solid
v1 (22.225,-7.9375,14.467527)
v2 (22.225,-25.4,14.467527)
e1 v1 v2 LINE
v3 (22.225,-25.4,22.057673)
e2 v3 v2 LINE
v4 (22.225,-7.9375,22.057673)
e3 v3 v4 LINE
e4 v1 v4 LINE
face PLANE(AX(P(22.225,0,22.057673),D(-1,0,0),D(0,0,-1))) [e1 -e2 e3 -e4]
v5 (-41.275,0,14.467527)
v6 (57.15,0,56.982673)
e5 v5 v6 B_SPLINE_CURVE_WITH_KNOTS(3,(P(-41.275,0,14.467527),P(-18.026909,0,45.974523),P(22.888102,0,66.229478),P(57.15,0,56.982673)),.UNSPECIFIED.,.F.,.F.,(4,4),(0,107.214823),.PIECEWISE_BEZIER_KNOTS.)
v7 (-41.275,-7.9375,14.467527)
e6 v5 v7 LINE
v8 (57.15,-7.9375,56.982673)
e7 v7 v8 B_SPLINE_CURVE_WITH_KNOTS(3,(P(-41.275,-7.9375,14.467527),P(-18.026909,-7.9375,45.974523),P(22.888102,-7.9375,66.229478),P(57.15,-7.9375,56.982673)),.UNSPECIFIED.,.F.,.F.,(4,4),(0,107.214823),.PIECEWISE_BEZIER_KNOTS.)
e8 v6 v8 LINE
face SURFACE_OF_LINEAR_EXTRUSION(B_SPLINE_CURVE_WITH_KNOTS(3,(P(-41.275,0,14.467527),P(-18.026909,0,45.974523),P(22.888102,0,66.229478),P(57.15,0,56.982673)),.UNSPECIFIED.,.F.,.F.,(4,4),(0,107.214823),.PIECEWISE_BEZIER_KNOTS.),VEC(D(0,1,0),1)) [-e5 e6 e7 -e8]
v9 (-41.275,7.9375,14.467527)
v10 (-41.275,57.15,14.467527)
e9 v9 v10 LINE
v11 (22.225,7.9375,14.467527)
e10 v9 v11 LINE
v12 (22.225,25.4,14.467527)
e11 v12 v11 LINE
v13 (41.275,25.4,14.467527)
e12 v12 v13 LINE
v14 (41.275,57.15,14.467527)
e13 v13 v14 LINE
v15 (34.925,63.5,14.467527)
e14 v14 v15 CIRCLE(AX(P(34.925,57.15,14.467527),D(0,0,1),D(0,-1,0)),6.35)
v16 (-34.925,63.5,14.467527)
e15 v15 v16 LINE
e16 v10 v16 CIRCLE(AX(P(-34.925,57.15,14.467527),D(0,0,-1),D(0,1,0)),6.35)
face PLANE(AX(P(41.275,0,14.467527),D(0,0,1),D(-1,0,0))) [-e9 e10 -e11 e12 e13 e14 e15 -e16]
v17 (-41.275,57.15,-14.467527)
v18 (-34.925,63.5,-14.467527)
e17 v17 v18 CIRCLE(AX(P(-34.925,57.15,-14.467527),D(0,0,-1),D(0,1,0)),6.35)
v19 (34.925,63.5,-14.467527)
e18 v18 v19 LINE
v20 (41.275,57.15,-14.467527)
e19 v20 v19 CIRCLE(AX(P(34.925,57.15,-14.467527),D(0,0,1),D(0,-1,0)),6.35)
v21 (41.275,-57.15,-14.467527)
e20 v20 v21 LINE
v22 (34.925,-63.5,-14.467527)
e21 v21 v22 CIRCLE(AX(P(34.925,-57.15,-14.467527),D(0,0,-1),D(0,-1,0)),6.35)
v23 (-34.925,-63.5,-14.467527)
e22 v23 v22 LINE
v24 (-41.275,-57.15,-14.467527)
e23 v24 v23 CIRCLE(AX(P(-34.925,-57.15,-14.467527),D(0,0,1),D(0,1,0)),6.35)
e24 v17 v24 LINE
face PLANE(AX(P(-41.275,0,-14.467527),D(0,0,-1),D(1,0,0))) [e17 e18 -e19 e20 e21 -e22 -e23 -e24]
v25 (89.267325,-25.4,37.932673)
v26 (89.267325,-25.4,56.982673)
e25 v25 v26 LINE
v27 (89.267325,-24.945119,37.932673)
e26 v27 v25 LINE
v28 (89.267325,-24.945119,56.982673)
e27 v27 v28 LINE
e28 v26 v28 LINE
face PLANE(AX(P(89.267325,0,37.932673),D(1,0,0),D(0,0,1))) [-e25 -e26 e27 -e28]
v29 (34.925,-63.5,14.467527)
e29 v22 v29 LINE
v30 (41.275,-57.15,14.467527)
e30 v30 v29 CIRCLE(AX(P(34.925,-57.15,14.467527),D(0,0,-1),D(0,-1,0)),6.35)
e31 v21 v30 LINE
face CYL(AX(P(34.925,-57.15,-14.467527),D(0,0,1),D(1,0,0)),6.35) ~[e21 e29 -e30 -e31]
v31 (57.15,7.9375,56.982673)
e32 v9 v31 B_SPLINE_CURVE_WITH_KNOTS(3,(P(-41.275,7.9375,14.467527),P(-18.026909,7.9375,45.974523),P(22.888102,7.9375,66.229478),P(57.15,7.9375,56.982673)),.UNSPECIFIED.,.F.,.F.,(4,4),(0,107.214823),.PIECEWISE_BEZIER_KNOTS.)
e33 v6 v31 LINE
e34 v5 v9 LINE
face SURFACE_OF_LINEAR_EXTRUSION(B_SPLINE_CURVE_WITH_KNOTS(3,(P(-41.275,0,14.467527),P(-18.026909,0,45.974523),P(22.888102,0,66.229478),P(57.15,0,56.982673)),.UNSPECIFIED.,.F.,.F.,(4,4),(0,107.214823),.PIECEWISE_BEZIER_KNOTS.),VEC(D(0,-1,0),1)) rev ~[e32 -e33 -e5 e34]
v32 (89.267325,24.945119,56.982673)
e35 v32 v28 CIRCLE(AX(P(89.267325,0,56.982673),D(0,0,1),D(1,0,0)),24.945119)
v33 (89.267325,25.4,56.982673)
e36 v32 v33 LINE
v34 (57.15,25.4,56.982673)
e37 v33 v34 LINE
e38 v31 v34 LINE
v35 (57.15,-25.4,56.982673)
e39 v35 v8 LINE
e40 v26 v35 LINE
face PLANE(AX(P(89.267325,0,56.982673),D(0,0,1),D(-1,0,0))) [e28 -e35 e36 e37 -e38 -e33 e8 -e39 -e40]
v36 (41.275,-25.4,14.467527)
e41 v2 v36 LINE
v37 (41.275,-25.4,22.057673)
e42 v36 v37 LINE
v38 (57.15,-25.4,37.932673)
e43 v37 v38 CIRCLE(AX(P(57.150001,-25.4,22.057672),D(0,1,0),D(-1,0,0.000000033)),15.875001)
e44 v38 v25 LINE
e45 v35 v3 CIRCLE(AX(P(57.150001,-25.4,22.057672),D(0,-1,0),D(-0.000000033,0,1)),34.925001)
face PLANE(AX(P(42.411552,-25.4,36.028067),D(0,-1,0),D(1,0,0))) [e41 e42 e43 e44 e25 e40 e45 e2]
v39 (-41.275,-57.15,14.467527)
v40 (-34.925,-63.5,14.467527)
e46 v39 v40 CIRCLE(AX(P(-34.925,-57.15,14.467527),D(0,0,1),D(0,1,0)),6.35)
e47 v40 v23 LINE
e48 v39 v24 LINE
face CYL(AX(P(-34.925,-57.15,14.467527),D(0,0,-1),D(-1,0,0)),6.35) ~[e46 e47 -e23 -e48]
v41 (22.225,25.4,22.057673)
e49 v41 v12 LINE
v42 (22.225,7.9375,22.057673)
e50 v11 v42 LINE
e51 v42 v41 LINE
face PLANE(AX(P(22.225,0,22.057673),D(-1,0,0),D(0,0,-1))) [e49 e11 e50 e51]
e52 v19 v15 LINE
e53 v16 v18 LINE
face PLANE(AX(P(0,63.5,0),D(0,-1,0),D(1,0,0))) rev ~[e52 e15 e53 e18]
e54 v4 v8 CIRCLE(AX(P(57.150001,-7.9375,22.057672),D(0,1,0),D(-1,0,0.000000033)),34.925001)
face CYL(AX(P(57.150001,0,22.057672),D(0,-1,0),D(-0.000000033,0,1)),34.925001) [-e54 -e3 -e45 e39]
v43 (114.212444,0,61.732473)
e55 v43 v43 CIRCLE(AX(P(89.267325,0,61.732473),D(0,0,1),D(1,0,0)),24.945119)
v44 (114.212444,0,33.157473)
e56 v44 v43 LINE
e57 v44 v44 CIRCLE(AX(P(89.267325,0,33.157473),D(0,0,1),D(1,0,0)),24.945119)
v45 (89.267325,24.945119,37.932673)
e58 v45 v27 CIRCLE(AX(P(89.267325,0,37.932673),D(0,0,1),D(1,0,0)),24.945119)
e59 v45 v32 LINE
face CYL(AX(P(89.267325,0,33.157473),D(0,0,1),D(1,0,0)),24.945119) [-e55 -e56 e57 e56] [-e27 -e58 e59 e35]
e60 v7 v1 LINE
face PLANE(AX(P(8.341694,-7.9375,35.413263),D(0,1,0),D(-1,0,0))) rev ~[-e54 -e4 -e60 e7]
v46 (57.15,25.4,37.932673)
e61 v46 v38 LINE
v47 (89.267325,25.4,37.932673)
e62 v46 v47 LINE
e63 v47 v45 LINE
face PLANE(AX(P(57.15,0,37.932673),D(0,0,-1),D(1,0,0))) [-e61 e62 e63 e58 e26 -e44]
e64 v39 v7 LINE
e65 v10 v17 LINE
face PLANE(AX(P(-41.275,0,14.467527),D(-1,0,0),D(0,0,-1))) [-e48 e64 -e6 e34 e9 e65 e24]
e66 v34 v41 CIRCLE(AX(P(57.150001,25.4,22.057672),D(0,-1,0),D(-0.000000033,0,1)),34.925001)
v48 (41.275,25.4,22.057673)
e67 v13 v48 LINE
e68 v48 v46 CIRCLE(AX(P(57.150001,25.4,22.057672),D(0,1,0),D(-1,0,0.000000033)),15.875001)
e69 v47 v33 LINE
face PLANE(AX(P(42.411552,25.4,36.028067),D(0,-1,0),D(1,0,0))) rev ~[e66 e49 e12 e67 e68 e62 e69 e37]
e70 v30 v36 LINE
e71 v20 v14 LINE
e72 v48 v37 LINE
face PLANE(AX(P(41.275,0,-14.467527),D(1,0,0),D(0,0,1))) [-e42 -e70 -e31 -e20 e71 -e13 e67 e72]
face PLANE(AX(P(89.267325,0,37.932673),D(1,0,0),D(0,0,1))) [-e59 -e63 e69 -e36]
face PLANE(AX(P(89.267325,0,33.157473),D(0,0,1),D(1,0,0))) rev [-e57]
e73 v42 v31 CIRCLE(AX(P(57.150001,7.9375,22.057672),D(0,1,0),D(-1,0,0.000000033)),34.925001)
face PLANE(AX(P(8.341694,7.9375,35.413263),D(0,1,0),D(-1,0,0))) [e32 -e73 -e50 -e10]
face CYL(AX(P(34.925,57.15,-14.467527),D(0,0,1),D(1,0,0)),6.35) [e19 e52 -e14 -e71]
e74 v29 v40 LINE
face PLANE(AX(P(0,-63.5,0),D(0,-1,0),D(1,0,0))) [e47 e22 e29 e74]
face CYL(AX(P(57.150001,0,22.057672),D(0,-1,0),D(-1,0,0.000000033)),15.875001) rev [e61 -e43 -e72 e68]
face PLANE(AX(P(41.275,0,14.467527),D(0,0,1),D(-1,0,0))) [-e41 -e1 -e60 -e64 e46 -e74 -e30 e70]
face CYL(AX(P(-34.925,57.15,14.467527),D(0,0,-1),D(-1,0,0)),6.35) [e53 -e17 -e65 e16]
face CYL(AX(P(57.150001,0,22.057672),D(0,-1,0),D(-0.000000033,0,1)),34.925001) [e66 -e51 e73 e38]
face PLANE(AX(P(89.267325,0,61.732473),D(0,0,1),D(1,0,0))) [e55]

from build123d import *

# Parameters (mm, degrees)
F1_DEPTH = 63.5
F3_DEPTH = 25.4
F5_DEPTH = 7.9375
F7_R     = 6.35


with BuildPart() as f1:
    # F0 (on Front) → F1 (new body, symmetric)
    with BuildSketch(Plane.XZ):
        Polygon((22.225, 14.467527), (-41.275, 14.467527), (-41.275, -14.467527), (41.275, -14.467527), (41.275, 14.467527), align=None)
    extrude(amount=F1_DEPTH, both=True)

    # F0 (on Front) → F3 (join, symmetric)
    with BuildSketch(Plane.XZ):
        with BuildLine():
            Line((22.225, 22.057673), (22.225, 14.467527))
            Line((22.225, 14.467527), (41.275, 14.467527))
            Line((41.275, 14.467527), (41.275, 22.057673))
            ThreePointArc((41.275, 22.057673), (45.92468, 33.282993), (57.15, 37.932673))
            Line((57.15, 37.932673), (63.412444, 37.932673))
            Line((63.412444, 37.932673), (63.412444, 56.982673))
            Line((63.412444, 56.982673), (57.15, 56.982673))
            ThreePointArc((57.15, 56.982673), (32.454296, 46.753377), (22.225, 22.057673))
        make_face()
        Polygon((89.267325, 56.982673), (63.412444, 56.982673), (63.412444, 37.932673), (66.957286, 37.932673), (89.267325, 37.932673), align=None)
    extrude(amount=F3_DEPTH, both=True)

    # F0 (on Front) → F5 (join, symmetric)
    with BuildSketch(Plane.XZ):
        with BuildLine():
            add(Edge.make_bspline(
                [(-41.275, 14.467527), (-18.026909, 45.974523), (22.888102, 66.229478), (57.15, 56.982673)],
                knots=[0, 0, 0, 0, 107.214823, 107.214823, 107.214823, 107.214823], degree=3))
            Line((-41.275, 14.467527), (22.225, 14.467527))
            Line((22.225, 14.467527), (22.225, 22.057673))
            ThreePointArc((22.225, 22.057673), (32.454296, 46.753377), (57.15, 56.982673))
        make_face()
    extrude(amount=F5_DEPTH, both=True)

    # F0 (on Front) → F6 (revolve)
    with BuildSketch(Plane.XZ):
        Polygon((89.267325, 61.732473), (89.267325, 56.982673), (89.267325, 37.932673), (89.267325, 33.157473), (114.212444, 33.157473), (114.212444, 61.732473), align=None)
    revolve(axis=Axis((89.267325, 0, 47.444973), (0, 0, 1)))

    # F7
    f7_edges = [f1.edges().sort_by_distance(p)[0] for p in [
        (-41.275, -63.5, 0),
        (41.275, -63.5, 0),
        (41.275, 63.5, 0),
        (-41.275, 63.5, 0),
    ]]
    fillet(f7_edges, radius=F7_R)


solid = f1.part
